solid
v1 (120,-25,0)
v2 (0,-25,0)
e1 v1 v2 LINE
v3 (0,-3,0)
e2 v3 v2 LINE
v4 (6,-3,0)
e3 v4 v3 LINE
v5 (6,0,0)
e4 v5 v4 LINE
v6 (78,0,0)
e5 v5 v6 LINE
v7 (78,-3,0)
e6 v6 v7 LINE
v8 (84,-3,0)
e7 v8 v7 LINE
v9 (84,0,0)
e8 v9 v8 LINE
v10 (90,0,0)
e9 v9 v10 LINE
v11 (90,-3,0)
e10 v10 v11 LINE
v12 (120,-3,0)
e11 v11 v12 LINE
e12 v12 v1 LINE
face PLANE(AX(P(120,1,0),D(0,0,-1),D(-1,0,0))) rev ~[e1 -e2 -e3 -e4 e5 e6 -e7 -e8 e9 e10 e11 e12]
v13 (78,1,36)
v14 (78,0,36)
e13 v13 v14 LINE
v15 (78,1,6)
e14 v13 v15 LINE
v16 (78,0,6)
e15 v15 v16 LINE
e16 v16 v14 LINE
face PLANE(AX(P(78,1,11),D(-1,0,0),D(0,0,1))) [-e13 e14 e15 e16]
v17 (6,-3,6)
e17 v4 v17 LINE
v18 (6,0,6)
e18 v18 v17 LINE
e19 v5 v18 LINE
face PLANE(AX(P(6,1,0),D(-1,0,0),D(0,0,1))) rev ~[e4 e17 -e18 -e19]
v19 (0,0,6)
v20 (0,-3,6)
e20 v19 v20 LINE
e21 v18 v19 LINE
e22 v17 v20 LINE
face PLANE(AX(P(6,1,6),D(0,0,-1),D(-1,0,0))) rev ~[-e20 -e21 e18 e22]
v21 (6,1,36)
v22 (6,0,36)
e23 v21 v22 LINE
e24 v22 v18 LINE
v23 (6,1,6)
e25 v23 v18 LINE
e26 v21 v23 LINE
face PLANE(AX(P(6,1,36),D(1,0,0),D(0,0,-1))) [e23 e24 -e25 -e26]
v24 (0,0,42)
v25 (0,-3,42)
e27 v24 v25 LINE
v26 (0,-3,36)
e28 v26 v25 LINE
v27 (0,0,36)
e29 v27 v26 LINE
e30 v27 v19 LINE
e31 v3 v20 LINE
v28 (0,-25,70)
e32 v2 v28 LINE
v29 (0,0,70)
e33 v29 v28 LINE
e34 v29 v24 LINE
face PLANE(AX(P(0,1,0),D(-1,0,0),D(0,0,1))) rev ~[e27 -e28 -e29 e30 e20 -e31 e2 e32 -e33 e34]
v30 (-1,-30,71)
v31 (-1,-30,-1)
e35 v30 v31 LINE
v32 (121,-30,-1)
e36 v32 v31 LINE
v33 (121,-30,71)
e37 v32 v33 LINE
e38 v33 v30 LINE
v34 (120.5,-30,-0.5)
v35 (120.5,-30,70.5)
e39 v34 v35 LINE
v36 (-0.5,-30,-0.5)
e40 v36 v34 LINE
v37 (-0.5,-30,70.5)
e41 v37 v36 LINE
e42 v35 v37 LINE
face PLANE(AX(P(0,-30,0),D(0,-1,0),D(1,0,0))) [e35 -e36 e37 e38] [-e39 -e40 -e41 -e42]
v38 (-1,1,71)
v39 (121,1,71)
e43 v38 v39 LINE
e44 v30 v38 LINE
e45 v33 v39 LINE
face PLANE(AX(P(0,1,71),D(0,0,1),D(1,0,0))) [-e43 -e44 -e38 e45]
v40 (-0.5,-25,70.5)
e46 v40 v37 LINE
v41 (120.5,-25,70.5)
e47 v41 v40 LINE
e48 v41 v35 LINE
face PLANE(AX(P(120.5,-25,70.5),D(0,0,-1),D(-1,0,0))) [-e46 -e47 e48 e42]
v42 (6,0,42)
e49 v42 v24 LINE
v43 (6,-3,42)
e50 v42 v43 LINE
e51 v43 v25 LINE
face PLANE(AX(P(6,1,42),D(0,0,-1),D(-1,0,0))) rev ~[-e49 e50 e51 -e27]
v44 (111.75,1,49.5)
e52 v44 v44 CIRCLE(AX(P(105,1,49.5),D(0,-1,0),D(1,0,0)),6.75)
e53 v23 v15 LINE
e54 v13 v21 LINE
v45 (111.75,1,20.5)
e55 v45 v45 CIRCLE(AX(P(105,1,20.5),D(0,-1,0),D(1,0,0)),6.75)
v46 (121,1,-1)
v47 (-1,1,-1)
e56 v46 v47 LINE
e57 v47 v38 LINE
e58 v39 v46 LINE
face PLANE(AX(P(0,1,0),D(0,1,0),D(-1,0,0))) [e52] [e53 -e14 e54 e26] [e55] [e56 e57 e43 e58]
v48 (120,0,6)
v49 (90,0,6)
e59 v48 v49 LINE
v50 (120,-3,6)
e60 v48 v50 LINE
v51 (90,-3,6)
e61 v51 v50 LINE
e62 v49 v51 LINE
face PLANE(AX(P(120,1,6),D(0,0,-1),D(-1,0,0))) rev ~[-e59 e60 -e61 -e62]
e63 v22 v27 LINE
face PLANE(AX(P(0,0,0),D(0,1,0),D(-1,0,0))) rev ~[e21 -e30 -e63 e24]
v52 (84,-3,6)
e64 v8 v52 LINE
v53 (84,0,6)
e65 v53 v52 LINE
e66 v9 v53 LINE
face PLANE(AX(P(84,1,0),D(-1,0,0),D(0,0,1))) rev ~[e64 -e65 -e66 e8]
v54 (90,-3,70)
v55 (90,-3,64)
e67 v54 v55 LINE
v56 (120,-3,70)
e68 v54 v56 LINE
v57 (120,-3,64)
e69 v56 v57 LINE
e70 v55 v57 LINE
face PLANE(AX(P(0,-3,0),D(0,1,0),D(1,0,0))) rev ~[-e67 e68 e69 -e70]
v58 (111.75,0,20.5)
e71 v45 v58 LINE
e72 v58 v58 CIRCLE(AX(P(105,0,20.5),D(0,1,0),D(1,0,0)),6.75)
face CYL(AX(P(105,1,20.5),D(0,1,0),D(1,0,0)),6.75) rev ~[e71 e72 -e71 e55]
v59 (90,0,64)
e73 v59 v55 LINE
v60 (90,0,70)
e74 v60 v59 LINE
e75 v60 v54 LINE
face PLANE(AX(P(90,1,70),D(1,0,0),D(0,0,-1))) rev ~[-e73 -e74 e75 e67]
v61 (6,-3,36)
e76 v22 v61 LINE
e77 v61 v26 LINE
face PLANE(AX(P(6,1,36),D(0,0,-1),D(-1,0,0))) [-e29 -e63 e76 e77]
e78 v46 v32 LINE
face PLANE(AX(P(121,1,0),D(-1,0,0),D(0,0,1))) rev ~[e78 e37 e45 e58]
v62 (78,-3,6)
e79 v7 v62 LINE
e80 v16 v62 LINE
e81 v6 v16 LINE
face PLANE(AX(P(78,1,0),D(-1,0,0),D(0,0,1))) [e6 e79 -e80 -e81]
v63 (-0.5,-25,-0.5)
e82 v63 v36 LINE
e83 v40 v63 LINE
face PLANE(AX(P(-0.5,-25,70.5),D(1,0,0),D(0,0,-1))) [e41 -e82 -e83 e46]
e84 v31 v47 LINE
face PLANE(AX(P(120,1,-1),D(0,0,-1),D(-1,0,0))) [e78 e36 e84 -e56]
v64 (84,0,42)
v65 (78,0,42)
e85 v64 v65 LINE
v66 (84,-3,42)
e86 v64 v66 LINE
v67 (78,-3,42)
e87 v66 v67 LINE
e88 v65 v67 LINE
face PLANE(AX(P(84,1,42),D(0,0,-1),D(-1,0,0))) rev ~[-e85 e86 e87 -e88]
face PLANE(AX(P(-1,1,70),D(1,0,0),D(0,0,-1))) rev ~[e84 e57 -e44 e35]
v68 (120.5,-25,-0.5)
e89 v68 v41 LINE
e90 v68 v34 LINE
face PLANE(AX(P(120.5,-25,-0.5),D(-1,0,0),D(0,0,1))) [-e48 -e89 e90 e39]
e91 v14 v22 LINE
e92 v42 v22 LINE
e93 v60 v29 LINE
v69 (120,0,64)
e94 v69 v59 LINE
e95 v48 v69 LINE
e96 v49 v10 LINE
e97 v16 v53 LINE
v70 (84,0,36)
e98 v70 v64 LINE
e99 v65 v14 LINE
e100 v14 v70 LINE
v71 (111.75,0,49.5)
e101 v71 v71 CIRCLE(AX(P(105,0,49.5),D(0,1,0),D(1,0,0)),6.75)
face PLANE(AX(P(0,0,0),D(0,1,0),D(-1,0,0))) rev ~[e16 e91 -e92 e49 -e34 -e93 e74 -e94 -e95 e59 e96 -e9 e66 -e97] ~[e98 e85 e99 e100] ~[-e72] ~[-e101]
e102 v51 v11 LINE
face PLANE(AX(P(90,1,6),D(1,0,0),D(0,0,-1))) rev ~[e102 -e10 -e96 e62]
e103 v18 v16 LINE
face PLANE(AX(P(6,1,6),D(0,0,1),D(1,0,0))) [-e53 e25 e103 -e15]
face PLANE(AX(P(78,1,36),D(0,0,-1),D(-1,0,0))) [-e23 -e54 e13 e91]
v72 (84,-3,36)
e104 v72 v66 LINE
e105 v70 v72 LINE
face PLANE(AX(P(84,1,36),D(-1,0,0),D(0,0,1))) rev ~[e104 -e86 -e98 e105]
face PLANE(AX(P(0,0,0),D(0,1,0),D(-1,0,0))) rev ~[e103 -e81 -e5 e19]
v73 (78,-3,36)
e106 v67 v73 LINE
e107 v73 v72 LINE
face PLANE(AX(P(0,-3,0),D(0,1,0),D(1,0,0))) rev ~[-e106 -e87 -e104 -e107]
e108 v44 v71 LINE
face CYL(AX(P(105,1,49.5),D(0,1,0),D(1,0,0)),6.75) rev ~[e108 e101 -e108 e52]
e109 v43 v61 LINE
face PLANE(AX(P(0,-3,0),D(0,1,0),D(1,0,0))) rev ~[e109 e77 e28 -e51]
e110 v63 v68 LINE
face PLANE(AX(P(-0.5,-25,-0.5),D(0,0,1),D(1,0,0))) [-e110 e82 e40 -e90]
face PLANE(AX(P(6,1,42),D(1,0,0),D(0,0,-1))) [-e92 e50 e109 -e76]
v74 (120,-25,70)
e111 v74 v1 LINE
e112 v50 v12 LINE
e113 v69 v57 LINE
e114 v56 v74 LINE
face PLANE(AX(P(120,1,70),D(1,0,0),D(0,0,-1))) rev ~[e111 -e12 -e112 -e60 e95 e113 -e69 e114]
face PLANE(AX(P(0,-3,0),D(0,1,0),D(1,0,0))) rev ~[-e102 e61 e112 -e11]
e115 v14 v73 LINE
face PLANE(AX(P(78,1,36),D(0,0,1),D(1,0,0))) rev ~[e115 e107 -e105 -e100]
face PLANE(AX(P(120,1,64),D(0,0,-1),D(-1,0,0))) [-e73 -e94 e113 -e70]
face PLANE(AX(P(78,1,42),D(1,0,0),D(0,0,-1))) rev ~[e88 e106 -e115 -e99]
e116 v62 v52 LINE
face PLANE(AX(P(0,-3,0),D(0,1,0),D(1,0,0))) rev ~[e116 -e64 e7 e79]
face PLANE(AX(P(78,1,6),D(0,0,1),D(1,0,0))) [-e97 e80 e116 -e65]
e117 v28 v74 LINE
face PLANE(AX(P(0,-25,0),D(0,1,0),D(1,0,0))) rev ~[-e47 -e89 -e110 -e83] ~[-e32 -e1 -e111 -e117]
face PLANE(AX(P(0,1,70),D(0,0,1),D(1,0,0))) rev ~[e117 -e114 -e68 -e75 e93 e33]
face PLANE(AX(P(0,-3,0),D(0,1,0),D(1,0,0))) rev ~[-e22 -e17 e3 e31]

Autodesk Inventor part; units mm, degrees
ref_plane "YZ Plane" through (0, 0, 0) normal (1, 0, 0) x (0, 1, 0)
ref_plane "XZ Plane" through (0, 0, 0) normal (0, 1, 0) x (-1, 0, 0)
ref_plane "XY Plane" through (0, 0, 0) normal (0, 0, 1) x (1, 0, 0)
sketch "Sketch1" plane through (0, 0, 0) normal (0, 1, 0) x (-1, 0, 0)
  line L0 (0, 0) -> (-120, 0)
  line L1 (-120, 0) -> (-120, 70)
  line L2 (-120, 70) -> (0, 70)
  line L3 (0, 70) -> (0, 0)
  dimension "d0" = 120
  dimension "d1" = 70
extrude "Extrusion1" add sketch "Sketch1" along normal blind 1
sketch "Sketch2" plane through (0, 1, 0) normal (0, 1, 0) x (1, 0, 0)
  line L0 (120, -70) -> (120, 0) projected
  line L1 (120, 0) -> (0, 0) projected
  line L2 (120, -70) -> (90, -70)
  line L3 (90, -70) -> (90, 0)
  line L4 (90, 0) -> (120, 0)
  line L5 (120, 0) -> (120, -70)
  line L6 (0, 0) -> (0, -70) projected
  line L7 (0, -70) -> (90, -70)
  line L8 (90, -70) -> (90, -11)
  line L9 (90, -11) -> (0, -11)
  line L10 (0, -11) -> (0, -70)
  line L11 (0, 0) -> (84, 0)
  line L12 (84, 0) -> (84, -42)
  line L13 (84, -42) -> (0, -42)
  line L14 (0, -42) -> (0, 0)
  line L15 (0, 0) -> (6, 0)
  line L16 (6, 0) -> (6, -6)
  line L17 (6, -6) -> (0, -6)
  line L18 (0, -6) -> (0, 0)
  line L19 (84, 0) -> (78, 0)
  line L20 (78, 0) -> (78, -6)
  line L21 (78, -6) -> (84, -6)
  line L22 (84, -6) -> (84, 0)
  line L23 (90, 0) -> (120, 0)
  line L24 (120, 0) -> (120, -6)
  line L25 (120, -6) -> (90, -6)
  line L26 (90, -6) -> (90, 0)
  line L27 (0, -42) -> (6, -42)
  line L28 (6, -42) -> (6, -36)
  line L29 (6, -36) -> (0, -36)
  line L30 (0, -36) -> (0, -42)
  line L31 (84, -42) -> (78, -42)
  line L32 (78, -42) -> (78, -36)
  line L33 (78, -36) -> (84, -36)
  line L34 (84, -36) -> (84, -42)
  line L35 (90, -70) -> (120, -70)
  line L36 (120, -70) -> (120, -64)
  line L37 (120, -64) -> (90, -64)
  line L38 (90, -64) -> (90, -70)
  line L39 (6, -6) -> (78, -6)
  line L40 (78, -6) -> (78, -36)
  line L41 (78, -36) -> (6, -36)
  line L42 (6, -36) -> (6, -6)
  line L43 (90, 0) -> (105, 0)
  line L44 (105, 0) -> (105, -20.5)
  line L45 (105, -20.5) -> (90, -20.5)
  line L46 (90, -20.5) -> (90, 0)
  circle A0 centre (105, -20.5) radius 6.75
  line L47 (90, -70) -> (105, -70)
  line L48 (105, -70) -> (105, -49.5)
  line L49 (105, -49.5) -> (90, -49.5)
  line L50 (90, -49.5) -> (90, -70)
  circle A1 centre (105, -49.5) radius 6.75
  point P0 (90, -64)
  point P1 (90, -6)
  point P2 (120, -6)
  point P3 (78, 0)
  point P4 (0, -36)
  point P5 (0, -42)
  point P6 (6, -11)
  point P7 (6, -36)
  point P8 (79, -29)
  point P9 (78, -11)
  dimension "d4" = 30
  dimension "d5" = 59
  dimension "d6" = 84
  dimension "d7" = 42
  dimension "d8" = 6
  dimension "d9" = 6
  dimension "d10" = 6
  dimension "d11" = 6
  dimension "d12" = 6
  dimension "d13" = 6
  dimension "d14" = 30
  dimension "d15" = 15
  dimension "d16" = 20.5
  dimension "d17" = 13.5
  dimension "d18" = 15
  dimension "d19" = 20.5
  dimension "d20" = 13.5
extrude "Extrusion2" cut sketch "Sketch2" against normal blind 1 contours A1 L49 L48 | L48 L49 A1 | A0 L45 L44 | L44 L45 A0
extrude "Extrusion3" add sketch "Sketch2" against normal blind 4 contours L2 L48 L37 L0 | L2 L3 L37 L48 | L25 L44 L1 L0 | L25 L3 L1 L44 | L6 L29 L28 L13 | L12 L21 L20 L1 | L32 L33 L12 L13 | L6 L1 L16 L17
extrude "Extrusion4" cut sketch "Sketch2" against normal blind 4 contours L42 L9 L40 L41 | L9 L42 L39 L40
sketch "Sketch5" plane through (0, 1, 0) normal (0, 1, 0) x (1, 0, 0)
  line L0 (0, 0) -> (0, -70) projected
  line L1 (0, 0) -> (-1, 0)
  line L2 (-1, 0) -> (-1, 1)
  line L3 (-1, 1) -> (0, 1)
  line L4 (0, 1) -> (0, 0)
  line L5 (0, -70) -> (-1, -70)
  line L6 (-1, -70) -> (-1, -71)
  line L7 (-1, -71) -> (0, -71)
  line L8 (0, -71) -> (0, -70)
  line L9 (0, -70) -> (120, -70) projected
  line L10 (120, -70) -> (121, -70)
  line L11 (121, -70) -> (121, -71)
  line L12 (121, -71) -> (120, -71)
  line L13 (120, -71) -> (120, -70)
  line L14 (120, -70) -> (120, 0) projected
  line L15 (120, 0) -> (121, 0)
  line L16 (121, 0) -> (121, 1)
  line L17 (121, 1) -> (120, 1)
  line L18 (120, 1) -> (120, 0)
  line L19 (120, 0) -> (0, 0) projected
  line L20 (120, 1) -> (0, 1)
  line L21 (0, 1) -> (0, 0)
  line L22 (0, 0) -> (120, 0)
  line L23 (120, 0) -> (120, 1)
  line L24 (-1, 0) -> (0, 0)
  line L25 (0, 0) -> (0, -70)
  line L26 (0, -70) -> (-1, -70)
  line L27 (-1, -70) -> (-1, 0)
  line L28 (0, -71) -> (120, -71)
  line L29 (120, -71) -> (120, -70)
  line L30 (120, -70) -> (0, -70)
  line L31 (0, -70) -> (0, -71)
  line L32 (121, -70) -> (120, -70)
  line L33 (120, -70) -> (120, 0)
  line L34 (120, 0) -> (121, 0)
  line L35 (121, 0) -> (121, -70)
  dimension "d36" = 1
  dimension "d37" = 1
  dimension "d38" = 1
  dimension "d39" = 1
  dimension "d40" = 1
  dimension "d41" = 1
  dimension "d42" = 1
  dimension "d43" = 1
extrude "Extrusion5" add sketch "Sketch5" against normal blind 26 contours L0 L5 L27 L1 | L1 L2 L3 L4 | L4 L20 L18 L19 | L8 L7 L6 L5 | L9 L13 L28 L8 | L15 L35 L10 L14 | L18 L17 L16 L15 | L10 L11 L12 L13
sketch "Sketch6" plane through (0, -25, 0) normal (0, -1, 0) x (1, 0, 0)
  line L0 (121, 71) -> (-1, 71) projected
  line L1 (0, 70) -> (120, 70) projected
  line L2 (121, 71) -> (120, 70)
  line L3 (120, 0) -> (0, 0) projected
  line L4 (0, 0) -> (-1, -1)
  line L5 (-0.5, -0.5) -> (120.5, -0.5)
  line L6 (120.5, -0.5) -> (120.5, 70.5)
  line L7 (120.5, 70.5) -> (-0.5, 70.5)
  line L8 (-0.5, 70.5) -> (-0.5, -0.5)
  line L9 (121, -1) -> (-1, -1) projected
  line L10 (121, 71) -> (-1, 71)
  line L11 (-1, 71) -> (-1, -1)
  line L12 (-1, -1) -> (121, -1)
  line L13 (121, -1) -> (121, 71)
  point P0 (121, -1)
sketch "Sketch7" plane through (0, 1, 0) normal (0, 1, 0) x (1, 0, 0)
  point P0 (0, 0)
extrude "Extrusion6" add sketch "Sketch6" along normal blind 5 contours L2 L7 L8 L4 L11 L0 | L13 L9 L4 L5 L6 L2
properties part number "carcassa"
